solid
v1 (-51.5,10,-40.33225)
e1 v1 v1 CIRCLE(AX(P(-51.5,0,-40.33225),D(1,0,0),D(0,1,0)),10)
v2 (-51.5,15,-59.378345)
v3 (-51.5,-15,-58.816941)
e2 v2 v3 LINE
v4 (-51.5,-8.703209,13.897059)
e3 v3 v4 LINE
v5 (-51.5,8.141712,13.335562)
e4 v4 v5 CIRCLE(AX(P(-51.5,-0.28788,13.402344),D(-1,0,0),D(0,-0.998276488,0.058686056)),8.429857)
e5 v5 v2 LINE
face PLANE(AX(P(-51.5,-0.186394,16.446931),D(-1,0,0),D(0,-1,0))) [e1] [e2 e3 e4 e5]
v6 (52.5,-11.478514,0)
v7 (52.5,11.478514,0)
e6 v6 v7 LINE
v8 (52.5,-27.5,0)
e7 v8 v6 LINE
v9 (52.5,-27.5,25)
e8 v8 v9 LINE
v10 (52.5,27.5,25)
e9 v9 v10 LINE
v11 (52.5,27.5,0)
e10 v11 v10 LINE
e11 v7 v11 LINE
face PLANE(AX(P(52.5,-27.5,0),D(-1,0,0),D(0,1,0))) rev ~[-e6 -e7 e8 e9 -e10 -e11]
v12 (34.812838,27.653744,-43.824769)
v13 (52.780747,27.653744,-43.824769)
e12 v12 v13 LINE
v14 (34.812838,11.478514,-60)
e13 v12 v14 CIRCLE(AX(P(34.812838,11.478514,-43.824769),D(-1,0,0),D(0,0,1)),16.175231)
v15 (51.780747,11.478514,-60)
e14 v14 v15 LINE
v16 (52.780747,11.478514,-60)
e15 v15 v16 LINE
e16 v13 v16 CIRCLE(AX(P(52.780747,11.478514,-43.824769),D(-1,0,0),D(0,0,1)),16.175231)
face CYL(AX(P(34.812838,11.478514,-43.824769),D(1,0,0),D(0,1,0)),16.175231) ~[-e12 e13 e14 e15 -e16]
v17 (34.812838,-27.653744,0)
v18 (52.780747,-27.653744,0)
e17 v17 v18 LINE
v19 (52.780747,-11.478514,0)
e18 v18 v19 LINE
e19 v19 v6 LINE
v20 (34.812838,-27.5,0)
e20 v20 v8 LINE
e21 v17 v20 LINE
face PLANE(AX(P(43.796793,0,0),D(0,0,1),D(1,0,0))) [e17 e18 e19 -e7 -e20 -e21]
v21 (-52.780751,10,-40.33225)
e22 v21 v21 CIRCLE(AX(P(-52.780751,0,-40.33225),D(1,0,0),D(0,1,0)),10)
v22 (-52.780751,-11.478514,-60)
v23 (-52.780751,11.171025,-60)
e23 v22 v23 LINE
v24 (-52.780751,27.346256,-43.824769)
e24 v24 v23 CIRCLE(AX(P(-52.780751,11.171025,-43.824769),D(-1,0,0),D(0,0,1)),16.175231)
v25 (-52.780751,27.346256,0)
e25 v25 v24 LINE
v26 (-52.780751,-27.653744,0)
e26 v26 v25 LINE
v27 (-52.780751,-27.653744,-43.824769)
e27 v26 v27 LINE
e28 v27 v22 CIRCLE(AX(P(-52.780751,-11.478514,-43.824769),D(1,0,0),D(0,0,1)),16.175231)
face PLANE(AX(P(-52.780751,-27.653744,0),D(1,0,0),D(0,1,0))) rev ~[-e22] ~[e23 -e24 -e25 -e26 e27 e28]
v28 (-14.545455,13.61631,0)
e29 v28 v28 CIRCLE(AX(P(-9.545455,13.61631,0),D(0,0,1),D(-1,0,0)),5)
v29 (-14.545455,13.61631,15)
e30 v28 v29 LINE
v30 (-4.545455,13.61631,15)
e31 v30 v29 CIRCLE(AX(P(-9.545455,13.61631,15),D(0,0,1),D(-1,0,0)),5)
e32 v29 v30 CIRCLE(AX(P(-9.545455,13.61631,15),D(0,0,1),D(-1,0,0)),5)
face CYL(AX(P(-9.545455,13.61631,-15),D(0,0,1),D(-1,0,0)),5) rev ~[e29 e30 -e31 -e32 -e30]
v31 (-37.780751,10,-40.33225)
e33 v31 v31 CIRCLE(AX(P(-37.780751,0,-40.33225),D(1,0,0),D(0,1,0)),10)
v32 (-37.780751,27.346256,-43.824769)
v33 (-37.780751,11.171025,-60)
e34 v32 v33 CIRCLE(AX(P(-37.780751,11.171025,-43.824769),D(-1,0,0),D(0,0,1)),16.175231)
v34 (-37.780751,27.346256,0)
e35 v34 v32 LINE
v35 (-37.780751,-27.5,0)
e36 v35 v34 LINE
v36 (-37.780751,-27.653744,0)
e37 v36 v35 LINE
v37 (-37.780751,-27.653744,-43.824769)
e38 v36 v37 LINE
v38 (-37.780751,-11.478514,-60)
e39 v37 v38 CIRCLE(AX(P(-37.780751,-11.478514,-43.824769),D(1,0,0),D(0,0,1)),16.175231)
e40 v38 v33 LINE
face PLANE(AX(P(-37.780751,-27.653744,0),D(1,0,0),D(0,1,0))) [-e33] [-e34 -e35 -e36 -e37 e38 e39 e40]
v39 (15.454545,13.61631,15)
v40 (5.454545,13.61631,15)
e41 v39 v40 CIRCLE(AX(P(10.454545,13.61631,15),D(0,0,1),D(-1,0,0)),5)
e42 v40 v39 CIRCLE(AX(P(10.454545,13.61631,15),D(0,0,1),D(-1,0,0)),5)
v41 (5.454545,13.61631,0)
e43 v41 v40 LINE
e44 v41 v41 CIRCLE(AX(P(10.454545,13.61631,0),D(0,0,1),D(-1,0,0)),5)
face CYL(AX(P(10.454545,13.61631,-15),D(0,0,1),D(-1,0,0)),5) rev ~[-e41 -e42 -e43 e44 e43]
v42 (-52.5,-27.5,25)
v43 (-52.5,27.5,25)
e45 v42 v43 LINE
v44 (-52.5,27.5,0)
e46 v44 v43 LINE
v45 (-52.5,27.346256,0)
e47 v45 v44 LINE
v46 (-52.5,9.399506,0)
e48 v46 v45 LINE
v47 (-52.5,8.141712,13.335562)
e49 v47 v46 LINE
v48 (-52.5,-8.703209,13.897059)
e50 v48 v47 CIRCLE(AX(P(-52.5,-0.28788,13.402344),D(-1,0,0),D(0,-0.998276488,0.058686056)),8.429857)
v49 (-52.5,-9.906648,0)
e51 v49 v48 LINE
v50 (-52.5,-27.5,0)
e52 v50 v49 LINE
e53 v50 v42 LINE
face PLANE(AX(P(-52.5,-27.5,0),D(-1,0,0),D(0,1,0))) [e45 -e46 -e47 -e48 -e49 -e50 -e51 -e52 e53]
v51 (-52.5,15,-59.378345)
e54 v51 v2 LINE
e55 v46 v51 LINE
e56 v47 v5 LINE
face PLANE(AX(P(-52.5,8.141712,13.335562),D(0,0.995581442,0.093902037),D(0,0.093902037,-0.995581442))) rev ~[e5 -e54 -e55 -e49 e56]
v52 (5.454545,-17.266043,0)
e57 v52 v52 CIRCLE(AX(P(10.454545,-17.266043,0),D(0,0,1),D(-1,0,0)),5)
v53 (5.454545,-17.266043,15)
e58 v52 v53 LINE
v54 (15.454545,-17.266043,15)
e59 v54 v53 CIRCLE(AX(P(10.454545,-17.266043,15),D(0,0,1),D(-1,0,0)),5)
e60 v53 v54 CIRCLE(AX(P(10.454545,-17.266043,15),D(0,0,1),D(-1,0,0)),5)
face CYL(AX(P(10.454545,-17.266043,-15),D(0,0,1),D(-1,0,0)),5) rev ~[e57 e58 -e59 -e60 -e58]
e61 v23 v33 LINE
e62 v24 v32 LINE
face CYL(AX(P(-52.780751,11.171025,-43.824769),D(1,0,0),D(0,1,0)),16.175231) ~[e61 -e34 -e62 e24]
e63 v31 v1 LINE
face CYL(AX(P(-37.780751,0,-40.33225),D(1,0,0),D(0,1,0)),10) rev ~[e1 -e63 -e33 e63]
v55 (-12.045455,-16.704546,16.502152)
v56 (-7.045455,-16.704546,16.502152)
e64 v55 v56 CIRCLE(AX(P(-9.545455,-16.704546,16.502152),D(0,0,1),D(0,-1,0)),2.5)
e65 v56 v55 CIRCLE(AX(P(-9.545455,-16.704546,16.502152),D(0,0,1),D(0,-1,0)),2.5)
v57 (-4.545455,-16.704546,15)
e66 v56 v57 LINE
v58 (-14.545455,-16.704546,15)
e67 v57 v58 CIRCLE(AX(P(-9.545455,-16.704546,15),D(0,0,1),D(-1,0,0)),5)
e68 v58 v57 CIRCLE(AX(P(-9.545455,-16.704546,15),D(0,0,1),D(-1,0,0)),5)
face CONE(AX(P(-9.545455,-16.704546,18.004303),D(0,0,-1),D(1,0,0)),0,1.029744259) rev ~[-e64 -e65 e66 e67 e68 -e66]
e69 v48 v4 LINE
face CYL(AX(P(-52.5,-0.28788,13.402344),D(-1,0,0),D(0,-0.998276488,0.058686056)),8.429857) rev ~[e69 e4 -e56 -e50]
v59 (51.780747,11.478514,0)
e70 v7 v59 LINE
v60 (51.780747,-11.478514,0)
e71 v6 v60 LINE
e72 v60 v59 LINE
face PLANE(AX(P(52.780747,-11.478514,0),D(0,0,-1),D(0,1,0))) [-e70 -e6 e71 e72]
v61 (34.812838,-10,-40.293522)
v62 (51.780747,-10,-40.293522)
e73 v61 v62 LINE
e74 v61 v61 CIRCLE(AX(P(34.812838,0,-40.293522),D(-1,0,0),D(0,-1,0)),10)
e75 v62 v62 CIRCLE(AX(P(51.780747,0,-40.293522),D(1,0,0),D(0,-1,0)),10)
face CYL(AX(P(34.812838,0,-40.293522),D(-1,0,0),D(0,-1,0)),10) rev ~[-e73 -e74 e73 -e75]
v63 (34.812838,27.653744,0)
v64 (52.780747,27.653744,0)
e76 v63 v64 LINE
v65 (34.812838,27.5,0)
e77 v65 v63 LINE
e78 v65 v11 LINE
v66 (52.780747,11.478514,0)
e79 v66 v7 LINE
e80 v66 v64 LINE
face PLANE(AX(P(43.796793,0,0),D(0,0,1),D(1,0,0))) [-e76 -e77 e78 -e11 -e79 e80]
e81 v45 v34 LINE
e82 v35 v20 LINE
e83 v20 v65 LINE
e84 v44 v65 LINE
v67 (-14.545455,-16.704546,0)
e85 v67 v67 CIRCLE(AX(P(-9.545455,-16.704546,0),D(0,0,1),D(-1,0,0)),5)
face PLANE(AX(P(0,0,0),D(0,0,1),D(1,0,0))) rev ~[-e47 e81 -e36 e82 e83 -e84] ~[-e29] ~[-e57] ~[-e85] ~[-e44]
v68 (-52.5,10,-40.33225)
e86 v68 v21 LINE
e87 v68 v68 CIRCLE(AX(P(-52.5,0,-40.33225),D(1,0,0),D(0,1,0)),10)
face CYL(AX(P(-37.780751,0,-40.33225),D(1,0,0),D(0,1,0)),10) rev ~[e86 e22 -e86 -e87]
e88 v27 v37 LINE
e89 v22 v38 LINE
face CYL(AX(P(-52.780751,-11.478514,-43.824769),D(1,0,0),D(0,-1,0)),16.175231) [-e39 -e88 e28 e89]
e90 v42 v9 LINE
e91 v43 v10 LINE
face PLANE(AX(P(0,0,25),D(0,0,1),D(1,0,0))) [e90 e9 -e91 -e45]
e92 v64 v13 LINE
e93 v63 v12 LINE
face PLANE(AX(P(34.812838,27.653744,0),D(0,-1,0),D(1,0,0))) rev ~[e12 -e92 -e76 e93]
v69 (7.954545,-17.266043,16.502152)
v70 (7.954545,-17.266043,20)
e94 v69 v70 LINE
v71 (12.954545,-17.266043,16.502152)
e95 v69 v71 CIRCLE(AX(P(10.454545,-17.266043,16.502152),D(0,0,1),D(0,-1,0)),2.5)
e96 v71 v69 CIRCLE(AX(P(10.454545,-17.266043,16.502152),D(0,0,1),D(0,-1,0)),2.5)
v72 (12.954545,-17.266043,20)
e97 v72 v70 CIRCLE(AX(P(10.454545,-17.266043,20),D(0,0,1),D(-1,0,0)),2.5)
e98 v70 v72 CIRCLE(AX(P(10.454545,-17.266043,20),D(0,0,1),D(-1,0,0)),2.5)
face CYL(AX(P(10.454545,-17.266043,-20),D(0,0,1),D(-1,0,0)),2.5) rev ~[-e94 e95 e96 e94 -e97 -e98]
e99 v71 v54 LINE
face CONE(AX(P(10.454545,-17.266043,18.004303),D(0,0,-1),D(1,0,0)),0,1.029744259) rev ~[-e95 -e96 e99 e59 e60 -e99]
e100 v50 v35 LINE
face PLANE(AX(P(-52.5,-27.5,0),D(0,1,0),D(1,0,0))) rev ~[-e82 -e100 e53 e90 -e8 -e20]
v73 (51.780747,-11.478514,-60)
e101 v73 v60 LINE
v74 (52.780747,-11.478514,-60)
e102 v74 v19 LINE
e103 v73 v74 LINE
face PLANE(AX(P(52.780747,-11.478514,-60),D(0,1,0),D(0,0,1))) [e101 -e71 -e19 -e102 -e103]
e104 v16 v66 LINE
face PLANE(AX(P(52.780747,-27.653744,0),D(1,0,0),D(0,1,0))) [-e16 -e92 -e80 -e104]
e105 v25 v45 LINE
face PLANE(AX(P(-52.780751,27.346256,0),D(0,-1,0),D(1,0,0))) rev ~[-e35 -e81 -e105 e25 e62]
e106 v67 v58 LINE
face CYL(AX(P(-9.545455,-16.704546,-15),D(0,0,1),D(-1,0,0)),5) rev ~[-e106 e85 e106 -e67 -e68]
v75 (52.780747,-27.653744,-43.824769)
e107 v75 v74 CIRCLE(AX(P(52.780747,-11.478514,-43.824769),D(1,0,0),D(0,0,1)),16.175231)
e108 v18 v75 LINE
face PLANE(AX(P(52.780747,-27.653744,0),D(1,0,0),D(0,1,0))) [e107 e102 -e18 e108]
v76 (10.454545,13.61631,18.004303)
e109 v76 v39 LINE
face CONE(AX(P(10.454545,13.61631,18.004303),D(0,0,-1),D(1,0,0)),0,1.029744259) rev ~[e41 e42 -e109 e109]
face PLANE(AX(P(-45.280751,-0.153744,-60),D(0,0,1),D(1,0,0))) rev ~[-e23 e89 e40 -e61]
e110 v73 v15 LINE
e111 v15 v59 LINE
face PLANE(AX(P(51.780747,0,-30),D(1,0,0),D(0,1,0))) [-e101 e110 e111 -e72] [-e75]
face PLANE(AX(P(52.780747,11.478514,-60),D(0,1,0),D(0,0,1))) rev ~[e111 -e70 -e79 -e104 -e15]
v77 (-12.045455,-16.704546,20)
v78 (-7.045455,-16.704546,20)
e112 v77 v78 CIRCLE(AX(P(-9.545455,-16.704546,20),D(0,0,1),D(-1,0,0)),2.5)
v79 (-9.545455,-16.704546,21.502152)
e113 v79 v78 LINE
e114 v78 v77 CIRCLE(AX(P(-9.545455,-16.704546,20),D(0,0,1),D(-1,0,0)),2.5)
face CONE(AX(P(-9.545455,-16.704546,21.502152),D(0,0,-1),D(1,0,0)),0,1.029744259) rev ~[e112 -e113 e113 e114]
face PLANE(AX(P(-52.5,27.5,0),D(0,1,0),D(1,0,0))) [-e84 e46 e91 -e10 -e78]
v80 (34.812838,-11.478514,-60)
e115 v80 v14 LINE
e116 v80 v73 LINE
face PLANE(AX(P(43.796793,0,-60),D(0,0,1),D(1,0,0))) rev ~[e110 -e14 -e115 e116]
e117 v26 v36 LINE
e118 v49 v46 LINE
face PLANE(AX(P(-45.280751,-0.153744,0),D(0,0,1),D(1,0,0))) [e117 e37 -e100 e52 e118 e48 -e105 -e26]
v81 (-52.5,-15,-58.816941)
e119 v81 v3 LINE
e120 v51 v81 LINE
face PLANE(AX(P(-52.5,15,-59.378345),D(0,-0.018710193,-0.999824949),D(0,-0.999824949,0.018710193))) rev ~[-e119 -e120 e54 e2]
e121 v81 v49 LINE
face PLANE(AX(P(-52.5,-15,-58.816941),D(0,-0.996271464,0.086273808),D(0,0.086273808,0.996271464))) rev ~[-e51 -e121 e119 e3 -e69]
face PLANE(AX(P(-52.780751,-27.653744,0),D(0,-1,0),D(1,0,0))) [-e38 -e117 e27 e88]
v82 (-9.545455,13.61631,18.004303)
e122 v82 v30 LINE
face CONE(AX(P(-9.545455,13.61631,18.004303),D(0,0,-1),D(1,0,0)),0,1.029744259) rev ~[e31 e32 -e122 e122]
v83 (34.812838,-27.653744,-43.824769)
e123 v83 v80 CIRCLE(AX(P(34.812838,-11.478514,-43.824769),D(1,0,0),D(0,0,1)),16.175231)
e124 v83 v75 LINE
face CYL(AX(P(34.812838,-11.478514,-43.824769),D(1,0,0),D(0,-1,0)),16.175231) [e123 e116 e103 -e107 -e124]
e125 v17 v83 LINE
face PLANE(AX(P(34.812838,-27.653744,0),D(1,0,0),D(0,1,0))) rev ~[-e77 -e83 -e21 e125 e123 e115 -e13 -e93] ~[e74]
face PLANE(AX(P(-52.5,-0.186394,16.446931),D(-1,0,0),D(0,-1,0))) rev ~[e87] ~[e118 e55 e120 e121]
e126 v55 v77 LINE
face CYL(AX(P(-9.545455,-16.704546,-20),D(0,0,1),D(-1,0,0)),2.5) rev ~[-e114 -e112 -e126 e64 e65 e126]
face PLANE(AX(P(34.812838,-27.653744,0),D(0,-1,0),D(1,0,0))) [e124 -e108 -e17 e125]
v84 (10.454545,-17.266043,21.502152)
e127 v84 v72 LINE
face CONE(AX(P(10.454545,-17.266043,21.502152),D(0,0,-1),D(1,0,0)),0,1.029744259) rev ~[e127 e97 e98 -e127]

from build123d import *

# Parameters (mm, degrees)
F0_W           = 105
F0_H           = 55
F1_DEPTH       = 25
F2_D           = 10
F2_DEPTH       = 15
F2_TIP         = 3.0043030951
F3_D           = 5
F3_DEPTH       = 20
F3_TIP         = 1.5021515476
F4_W           = 15
F4_H           = 55
F4_W_2         = 17.9679095745
F4_H_2         = 55.3074888885
F5_DEPTH       = 60
F6_R           = 16.1752308679
F9_D           = 20
F9_DEPTH       = 50
F9_TIP         = 6.0086061903
F9_ON_F8_D     = 20
F9_ON_F8_DEPTH = 50
F9_ON_F8_TIP   = 6.0086061903
F10_W          = 22.9570271527
F10_H          = 60
F10_R          = 10
F11_DEPTH      = 1
F13_DEPTH      = 1


with BuildPart() as f1:
    # F0 (on Top) → F1 (new body)
    with BuildSketch(Plane.XY):
        Rectangle(F0_W, F0_H)
    extrude(amount=F1_DEPTH)

    # F2
    with Locations(Plane(origin=(0, 0, 0), x_dir=(1, 0, 0), z_dir=(0, 0, -1))):
        with Locations((-9.5454547554, -13.6163104326), (-9.5454547554, 16.7045462877), (10.4545452446, -13.6163104326), (10.4545452446, 17.2660425305)):
            Hole(F2_D / 2, depth=F2_DEPTH)
            with Locations((0, 0, -(F2_DEPTH + F2_TIP / 2))):  # 118° drill point
                Cone(0, F2_D / 2, F2_TIP, mode=Mode.SUBTRACT)

    # F3
    with Locations(Plane(origin=(0, 0, 0), x_dir=(1, 0, 0), z_dir=(0, 0, -1))):
        with Locations((-9.5454547554, 16.7045462877), (10.4545452446, 17.2660425305)):
            Hole(F3_D / 2, depth=F3_DEPTH)
            with Locations((0, 0, -(F3_DEPTH + F3_TIP / 2))):  # 118° drill point
                Cone(0, F3_D / 2, F3_TIP, mode=Mode.SUBTRACT)

    # F4 (on face) → F5 (join)
    with BuildSketch(Plane.XY):
        with Locations((-45.2807511389, -0.1537444443)):
            Rectangle(F4_W, F4_H)
        with Locations((43.7967926264, 0)):
            Rectangle(F4_W_2, F4_H_2)
    extrude(amount=-F5_DEPTH)

    # F6
    f6_edges = [f1.edges().sort_by_distance(p)[0] for p in [
        (-45.280751, 27.346256, -60),
        (-45.280751, -27.653744, -60),
        (43.796793, -27.653744, -60),
        (43.796793, 27.653744, -60),
    ]]
    fillet(f6_edges, radius=F6_R)

    # F9 (one way)
    with BuildSketch(Plane(origin=(34.8128378391, 0, 0), x_dir=(0, -1, 0), z_dir=(-1, 0, 0))):
        with Locations((0, -40.2935221791)):
            Circle(F9_D / 2)
    extrude(amount=-F9_DEPTH, mode=Mode.SUBTRACT)
    with Locations(Plane(origin=(34.8128378391, 0, 0), x_dir=(0, -1, 0), z_dir=(-1, 0, 0))):
        with Locations((0, -40.2935221791)):
            with Locations((0, 0, -(F9_DEPTH + F9_TIP / 2))):  # 118° drill point
                Cone(0, F9_D / 2, F9_TIP, mode=Mode.SUBTRACT)

    # F9 on F8 (one way)
    with BuildSketch(Plane.YZ.offset(-37.7807511389)):
        with Locations((0, -40.3322502971)):
            Circle(F9_ON_F8_D / 2)
    extrude(amount=-F9_ON_F8_DEPTH, mode=Mode.SUBTRACT)
    with Locations(Plane.YZ.offset(-37.7807511389)):
        with Locations((0, -40.3322502971)):
            with Locations((0, 0, -(F9_ON_F8_DEPTH + F9_ON_F8_TIP / 2))):  # 118° drill point
                Cone(0, F9_ON_F8_D / 2, F9_ON_F8_TIP, mode=Mode.SUBTRACT)

    # F10 (on face) → F11 (cut)
    with BuildSketch(Plane.YZ.offset(52.7807474136)):
        with Locations((0, -30)):
            Rectangle(F10_W, F10_H)
        with Locations((0, -40.2935221791)):
            Circle(F10_R, mode=Mode.SUBTRACT)
    extrude(amount=-F11_DEPTH, mode=Mode.SUBTRACT)

    # F12 (on face) → F13 (cut)
    with BuildSketch(Plane(origin=(-52.5, 0, 0), x_dir=(0, -1, 0), z_dir=(-1, 0, 0))):
        with BuildLine():
            Line((-8.1417122856, 13.3355623111), (8.7032085285, 13.8970594853))
            ThreePointArc((8.7032085285, 13.8970594853), (0.0070411683, 21.8275222154), (-8.1417122856, 13.3355623111))
        make_face()
        Polygon((15, -58.8169405147), (8.7032085285, 13.8970594853), (-8.1417122856, 13.3355623111), (-15, -59.3783445656), align=None)
    extrude(amount=-F13_DEPTH, mode=Mode.SUBTRACT)


solid = f1.part
